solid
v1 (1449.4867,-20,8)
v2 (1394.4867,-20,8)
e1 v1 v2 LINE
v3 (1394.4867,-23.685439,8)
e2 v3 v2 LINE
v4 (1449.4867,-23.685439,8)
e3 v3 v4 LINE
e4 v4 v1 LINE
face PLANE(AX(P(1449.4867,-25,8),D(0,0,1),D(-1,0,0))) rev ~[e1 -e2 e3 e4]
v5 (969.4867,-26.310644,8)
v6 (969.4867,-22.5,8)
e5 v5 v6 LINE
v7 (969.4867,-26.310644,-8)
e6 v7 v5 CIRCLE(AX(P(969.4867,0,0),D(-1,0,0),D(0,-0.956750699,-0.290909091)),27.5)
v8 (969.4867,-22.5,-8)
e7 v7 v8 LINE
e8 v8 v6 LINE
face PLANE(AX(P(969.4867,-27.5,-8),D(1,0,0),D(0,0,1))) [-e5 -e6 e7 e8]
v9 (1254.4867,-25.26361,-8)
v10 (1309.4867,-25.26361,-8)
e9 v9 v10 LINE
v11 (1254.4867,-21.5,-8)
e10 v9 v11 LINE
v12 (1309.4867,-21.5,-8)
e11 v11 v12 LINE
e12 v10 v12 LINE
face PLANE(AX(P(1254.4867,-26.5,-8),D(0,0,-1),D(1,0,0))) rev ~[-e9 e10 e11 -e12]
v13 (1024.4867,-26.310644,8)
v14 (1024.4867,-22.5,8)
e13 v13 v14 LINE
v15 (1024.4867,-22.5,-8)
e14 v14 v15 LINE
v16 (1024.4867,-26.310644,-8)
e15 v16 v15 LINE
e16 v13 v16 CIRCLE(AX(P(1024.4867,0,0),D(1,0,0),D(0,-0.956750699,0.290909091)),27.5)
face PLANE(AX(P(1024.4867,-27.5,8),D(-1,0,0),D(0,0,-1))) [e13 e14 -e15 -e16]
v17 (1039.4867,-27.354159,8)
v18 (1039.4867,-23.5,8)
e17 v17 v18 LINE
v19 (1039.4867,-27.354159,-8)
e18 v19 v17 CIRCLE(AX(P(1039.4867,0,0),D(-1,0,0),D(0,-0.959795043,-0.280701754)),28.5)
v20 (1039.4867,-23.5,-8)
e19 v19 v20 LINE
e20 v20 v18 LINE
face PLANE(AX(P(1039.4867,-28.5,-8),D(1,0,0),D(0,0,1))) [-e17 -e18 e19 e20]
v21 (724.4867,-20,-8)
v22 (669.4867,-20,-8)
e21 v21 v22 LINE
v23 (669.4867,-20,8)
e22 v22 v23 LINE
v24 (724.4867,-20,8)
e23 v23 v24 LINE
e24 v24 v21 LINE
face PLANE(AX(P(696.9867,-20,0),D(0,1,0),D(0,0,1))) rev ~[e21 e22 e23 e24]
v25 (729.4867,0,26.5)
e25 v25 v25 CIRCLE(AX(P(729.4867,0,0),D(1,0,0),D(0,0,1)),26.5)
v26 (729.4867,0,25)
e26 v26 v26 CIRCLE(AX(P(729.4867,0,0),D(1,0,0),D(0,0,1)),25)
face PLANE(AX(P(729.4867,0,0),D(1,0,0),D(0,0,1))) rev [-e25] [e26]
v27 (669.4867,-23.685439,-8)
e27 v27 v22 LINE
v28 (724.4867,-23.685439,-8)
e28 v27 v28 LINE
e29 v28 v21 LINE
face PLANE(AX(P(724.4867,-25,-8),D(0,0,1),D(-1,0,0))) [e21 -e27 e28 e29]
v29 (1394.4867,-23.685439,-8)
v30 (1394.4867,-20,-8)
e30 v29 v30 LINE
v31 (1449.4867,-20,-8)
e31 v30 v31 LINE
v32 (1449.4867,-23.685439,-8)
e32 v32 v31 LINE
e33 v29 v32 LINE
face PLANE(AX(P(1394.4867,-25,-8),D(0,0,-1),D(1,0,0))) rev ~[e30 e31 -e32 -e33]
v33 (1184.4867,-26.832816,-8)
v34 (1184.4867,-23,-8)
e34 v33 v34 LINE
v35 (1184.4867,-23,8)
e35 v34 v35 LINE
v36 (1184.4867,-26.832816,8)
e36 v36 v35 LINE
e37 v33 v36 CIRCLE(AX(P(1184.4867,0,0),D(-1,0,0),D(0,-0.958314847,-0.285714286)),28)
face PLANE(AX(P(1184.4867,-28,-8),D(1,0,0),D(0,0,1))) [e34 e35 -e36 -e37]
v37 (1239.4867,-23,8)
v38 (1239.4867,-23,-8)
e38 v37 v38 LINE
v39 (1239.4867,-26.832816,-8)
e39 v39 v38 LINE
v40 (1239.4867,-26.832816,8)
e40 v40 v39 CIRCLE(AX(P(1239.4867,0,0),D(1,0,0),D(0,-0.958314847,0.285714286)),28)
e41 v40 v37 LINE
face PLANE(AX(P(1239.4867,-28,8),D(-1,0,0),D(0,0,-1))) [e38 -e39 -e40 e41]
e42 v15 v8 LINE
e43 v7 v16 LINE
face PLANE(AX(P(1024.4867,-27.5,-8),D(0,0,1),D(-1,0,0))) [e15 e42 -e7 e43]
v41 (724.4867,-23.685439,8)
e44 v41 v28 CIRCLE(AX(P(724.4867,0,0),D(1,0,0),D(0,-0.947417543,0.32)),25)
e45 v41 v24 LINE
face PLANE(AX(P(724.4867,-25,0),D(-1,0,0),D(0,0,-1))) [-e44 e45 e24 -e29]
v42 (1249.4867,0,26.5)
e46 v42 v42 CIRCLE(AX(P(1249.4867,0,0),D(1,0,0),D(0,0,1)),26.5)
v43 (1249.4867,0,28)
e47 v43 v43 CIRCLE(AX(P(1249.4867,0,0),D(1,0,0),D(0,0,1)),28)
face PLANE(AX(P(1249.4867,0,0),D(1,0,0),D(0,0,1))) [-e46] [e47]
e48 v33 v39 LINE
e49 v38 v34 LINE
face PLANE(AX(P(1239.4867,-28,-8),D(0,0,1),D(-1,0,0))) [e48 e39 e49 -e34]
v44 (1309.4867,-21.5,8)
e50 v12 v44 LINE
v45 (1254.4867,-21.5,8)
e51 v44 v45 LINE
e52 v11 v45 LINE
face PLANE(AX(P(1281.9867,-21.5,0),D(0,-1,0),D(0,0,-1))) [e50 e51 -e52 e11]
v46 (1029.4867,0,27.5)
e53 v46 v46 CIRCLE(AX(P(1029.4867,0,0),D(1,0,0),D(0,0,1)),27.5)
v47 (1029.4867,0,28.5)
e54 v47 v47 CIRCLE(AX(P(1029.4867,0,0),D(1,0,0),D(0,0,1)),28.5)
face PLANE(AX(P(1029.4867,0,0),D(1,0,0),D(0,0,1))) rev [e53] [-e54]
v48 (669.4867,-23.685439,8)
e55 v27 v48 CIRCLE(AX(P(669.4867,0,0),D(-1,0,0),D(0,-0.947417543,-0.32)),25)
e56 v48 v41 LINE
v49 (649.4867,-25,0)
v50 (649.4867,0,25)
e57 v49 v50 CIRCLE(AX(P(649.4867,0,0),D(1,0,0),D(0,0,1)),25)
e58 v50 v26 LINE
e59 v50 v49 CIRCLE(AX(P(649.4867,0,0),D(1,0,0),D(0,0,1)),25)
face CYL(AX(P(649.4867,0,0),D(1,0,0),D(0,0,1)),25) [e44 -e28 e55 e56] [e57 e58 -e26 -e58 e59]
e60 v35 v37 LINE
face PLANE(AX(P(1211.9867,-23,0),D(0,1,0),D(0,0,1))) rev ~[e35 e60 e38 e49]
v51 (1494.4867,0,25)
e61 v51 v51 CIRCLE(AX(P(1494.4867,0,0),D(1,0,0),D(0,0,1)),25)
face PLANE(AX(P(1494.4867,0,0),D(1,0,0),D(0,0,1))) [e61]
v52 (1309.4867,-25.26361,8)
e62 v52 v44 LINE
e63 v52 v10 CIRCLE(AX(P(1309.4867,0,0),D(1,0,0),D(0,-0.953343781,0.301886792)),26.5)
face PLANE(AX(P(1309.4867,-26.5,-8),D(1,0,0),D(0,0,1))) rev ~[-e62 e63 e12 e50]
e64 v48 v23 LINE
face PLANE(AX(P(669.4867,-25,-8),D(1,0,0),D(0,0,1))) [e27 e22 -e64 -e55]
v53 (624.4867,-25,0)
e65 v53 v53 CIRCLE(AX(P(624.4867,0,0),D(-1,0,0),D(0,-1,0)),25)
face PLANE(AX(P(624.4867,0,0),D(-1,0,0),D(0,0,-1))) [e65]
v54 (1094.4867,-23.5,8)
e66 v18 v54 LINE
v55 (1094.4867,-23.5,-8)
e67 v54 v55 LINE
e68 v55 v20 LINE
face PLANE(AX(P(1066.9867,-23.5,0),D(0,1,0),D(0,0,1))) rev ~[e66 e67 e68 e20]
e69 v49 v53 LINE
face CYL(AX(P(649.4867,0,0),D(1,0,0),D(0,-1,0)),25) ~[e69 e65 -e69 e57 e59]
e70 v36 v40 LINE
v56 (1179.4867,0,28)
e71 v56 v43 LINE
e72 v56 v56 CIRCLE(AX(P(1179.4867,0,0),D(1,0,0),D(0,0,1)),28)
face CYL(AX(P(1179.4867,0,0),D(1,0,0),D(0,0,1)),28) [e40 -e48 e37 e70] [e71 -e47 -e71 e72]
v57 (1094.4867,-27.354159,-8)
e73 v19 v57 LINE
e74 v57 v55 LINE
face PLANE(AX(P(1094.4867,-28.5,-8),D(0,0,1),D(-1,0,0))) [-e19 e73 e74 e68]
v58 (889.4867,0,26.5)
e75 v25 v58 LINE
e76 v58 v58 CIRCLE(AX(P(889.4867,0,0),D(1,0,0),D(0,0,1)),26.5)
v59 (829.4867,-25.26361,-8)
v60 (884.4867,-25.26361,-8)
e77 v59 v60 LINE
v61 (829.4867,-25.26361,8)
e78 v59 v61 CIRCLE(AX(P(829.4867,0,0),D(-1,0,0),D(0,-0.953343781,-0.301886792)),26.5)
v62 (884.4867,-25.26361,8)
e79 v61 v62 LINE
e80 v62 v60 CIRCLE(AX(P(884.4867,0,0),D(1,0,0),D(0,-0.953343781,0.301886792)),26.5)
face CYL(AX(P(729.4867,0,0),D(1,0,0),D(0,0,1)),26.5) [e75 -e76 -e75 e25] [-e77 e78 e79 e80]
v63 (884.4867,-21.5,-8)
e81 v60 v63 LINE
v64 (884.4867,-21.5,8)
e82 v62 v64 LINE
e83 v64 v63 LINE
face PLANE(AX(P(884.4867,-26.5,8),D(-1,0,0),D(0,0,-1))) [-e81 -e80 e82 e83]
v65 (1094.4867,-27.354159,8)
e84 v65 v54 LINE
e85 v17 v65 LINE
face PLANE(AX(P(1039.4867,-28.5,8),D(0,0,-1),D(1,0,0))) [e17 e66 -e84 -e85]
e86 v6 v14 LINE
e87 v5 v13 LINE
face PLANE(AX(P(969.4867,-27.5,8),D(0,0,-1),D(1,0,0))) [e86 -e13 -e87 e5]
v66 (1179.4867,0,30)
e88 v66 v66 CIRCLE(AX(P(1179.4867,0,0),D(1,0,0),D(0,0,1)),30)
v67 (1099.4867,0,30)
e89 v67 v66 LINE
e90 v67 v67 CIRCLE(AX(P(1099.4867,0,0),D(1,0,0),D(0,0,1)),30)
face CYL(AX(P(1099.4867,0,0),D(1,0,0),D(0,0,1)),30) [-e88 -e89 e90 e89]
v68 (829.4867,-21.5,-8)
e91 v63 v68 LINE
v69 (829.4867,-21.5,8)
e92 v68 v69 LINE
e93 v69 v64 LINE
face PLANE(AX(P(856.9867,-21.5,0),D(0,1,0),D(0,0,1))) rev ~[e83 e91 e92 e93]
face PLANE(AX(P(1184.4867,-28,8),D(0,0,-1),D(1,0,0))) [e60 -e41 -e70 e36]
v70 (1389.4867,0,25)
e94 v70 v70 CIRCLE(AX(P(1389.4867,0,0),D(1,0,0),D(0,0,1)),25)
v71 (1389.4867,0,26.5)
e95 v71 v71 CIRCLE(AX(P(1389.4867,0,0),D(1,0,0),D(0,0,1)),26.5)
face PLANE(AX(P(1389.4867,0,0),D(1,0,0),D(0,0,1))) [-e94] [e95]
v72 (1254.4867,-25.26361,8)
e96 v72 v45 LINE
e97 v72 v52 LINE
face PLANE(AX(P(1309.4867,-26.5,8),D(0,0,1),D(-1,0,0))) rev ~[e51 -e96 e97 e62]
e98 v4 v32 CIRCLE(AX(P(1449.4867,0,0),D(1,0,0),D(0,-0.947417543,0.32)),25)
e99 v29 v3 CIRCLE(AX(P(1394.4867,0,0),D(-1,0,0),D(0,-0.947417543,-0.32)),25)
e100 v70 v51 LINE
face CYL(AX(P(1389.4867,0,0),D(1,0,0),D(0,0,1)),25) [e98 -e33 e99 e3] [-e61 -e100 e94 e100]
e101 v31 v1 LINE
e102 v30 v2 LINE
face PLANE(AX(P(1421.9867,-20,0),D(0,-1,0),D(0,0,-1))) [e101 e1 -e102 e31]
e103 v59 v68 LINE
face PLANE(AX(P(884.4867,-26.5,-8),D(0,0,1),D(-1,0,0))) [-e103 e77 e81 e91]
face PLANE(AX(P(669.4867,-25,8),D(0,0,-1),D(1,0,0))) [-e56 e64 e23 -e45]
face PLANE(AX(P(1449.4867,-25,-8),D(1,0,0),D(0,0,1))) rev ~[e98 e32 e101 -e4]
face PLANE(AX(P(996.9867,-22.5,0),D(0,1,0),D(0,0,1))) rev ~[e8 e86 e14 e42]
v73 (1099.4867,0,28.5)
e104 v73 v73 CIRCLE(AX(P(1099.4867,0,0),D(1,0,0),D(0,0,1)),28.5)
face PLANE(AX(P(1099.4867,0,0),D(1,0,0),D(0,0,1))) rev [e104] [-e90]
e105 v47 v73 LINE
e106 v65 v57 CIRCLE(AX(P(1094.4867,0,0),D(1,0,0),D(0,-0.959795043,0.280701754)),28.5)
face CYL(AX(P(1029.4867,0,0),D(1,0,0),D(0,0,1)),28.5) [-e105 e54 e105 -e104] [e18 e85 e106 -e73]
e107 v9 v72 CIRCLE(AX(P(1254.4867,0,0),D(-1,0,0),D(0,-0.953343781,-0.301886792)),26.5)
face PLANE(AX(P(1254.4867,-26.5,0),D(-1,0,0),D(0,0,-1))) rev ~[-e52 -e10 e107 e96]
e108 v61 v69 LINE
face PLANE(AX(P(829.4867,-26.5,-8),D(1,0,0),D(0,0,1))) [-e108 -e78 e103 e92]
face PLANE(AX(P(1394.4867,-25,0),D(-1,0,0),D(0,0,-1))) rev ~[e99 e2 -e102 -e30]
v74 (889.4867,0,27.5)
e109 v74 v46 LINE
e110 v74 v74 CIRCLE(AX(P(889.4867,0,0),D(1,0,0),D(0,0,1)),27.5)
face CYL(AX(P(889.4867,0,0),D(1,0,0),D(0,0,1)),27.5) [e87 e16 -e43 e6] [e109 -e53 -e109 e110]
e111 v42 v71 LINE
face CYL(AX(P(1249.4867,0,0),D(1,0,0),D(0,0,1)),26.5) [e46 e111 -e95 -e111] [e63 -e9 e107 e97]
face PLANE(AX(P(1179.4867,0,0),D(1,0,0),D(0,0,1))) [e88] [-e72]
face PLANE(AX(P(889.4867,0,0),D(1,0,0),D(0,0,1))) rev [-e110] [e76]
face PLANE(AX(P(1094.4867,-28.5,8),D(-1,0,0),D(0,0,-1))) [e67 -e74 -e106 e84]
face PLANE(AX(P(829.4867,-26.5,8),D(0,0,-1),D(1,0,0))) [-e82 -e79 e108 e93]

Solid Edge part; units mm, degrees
sketch "Sketch1" plane through (0, 0, 0) normal (0, -1, 0) x (1, 0, 0)
  line L0 (1469.4867, 25) -> (1469.4867, 0)
  line L1 (1469.4867, 0) -> (649.4867, 0)
  line L2 (649.4867, 0) -> (649.4867, 25)
  line L3 (649.4867, 25) -> (729.4867, 25)
  line L4 (729.4867, 25) -> (729.4867, 26.5)
  line L5 (729.4867, 26.5) -> (889.4867, 26.5)
  line L6 (889.4867, 26.5) -> (889.4867, 27.5)
  line L7 (889.4867, 27.5) -> (1029.4867, 27.5)
  line L8 (1029.4867, 27.5) -> (1029.4867, 28.5)
  line L9 (1029.4867, 28.5) -> (1099.4867, 28.5)
  line L10 (1099.4867, 28.5) -> (1099.4867, 30)
  line L11 (1099.4867, 30) -> (1179.4867, 30)
  line L12 (1179.4867, 30) -> (1179.4867, 28)
  line L13 (1179.4867, 28) -> (1249.4867, 28)
  line L14 (1249.4867, 28) -> (1249.4867, 26.5)
  line L15 (1249.4867, 26.5) -> (1389.4867, 26.5)
  line L16 (1389.4867, 26.5) -> (1389.4867, 25)
  line L17 (1389.4867, 25) -> (1469.4867, 25)
revolve "RevolvedProtrusion1" add sketch "Sketch1" angle 360 about axis through (0, 0, 0) along (1, 0, 0)
sketch "Sketch2" plane through (689.4867, -25, 0) normal (0, -1, 0) x (-1, 0, 0)
  line L0 (20, -8) -> (-35, -8)
  line L1 (-35, -8) -> (-35, 0)
  line L2 (-35, 0) -> (-35, 8)
  line L3 (-35, 8) -> (20, 8)
  line L4 (20, 8) -> (20, -8)
extrude "Cutout1" cut sketch "Sketch2" against normal blind 5
sketch "Sketch3" plane through (809.4867, -26.5, 0) normal (0, -1, 0) x (-1, 0, 0)
  line L0 (-75, 0) -> (-75, 8)
  line L1 (-75, 8) -> (-20, 8)
  line L2 (-20, 8) -> (-20, -8)
  line L3 (-20, -8) -> (-75, -8)
  line L4 (-75, -8) -> (-75, 0)
  dimension "D1" = 55
  dimension "D2" = 60
extrude "Cutout2" cut sketch "Sketch3" against normal blind 5
sketch "Sketch4" plane through (959.4867, -27.5, 0) normal (0, -1, 0) x (-1, 0, 0)
  line L0 (-65, 0) -> (-65, 8)
  line L1 (-65, 8) -> (-10, 8)
  line L2 (-10, 8) -> (-10, -8)
  line L3 (-10, -8) -> (-65, -8)
  line L4 (-65, -8) -> (-65, 0)
  dimension "D1" = 55
  dimension "D2" = 16
  dimension "D3" = 60
extrude "Keyway_Thickness" cut sketch "Sketch4" against normal blind 5
sketch "Sketch5" plane through (1064.4867, -28.5, 0) normal (0, -1, 0) x (-1, 0, 0)
  line L0 (-30, 0) -> (-30, 8)
  line L1 (-30, 8) -> (25, 8)
  line L2 (25, 8) -> (25, -8)
  line L3 (25, -8) -> (-30, -8)
  line L4 (-30, -8) -> (-30, 0)
  dimension "D1" = 55
  dimension "D2" = 16
  dimension "D3" = 60
extrude "Cutout3" cut sketch "Sketch5" against normal blind 5
sketch "Sketch6" plane through (1214.4867, -28, 0) normal (0, -1, 0) x (-1, 0, 0)
  line L0 (-25, 0) -> (-25, 8)
  line L1 (-25, 8) -> (30, 8)
  line L2 (30, 8) -> (30, -8)
  line L3 (30, -8) -> (-25, -8)
  line L4 (-25, -8) -> (-25, 0)
  dimension "D1" = 16
  dimension "D2" = 55
  dimension "D3" = 60
extrude "Cutout4" cut sketch "Sketch6" against normal blind 5
sketch "Sketch7" plane through (1319.4867, -26.5, 0) normal (0, -1, 0) x (-1, 0, 0)
  line L0 (65, 0) -> (65, 8)
  line L1 (65, 8) -> (10, 8)
  line L2 (10, 8) -> (10, -8)
  line L3 (10, -8) -> (65, -8)
  line L4 (65, -8) -> (65, 0)
  dimension "D1" = 55
  dimension "D2" = 16
  dimension "D3" = 60
extrude "Cutout5" cut sketch "Sketch7" against normal blind 5
sketch "Sketch8" plane through (1429.4867, -25, 0) normal (0, -1, 0) x (-1, 0, 0)
  line L0 (35, 0) -> (35, 8)
  line L1 (35, 8) -> (-20, 8)
  line L2 (-20, 8) -> (-20, -8)
  line L3 (-20, -8) -> (35, -8)
  line L4 (35, -8) -> (35, 0)
  dimension "D1" = 55
  dimension "D2" = 16
  dimension "D3" = 60
extrude "Cutout6" cut sketch "Sketch8" against normal blind 5
sketch "Sketch9" plane through (649.4867, 0, 0) normal (-1, 0, 0) x (0, -1, 0)
  circle A0 centre (0, 0) radius 25
  dimension "D1" = 50
extrude "Protrusion1" add sketch "Sketch9" along normal blind 25
sketch "Sketch10" plane through (1469.4867, 0, 0) normal (1, 0, 0) x (0, 0, 1)
  circle A0 centre (0, 0) radius 25
  dimension "D1" = 50
extrude "Protrusion2" add sketch "Sketch10" along normal blind 25
